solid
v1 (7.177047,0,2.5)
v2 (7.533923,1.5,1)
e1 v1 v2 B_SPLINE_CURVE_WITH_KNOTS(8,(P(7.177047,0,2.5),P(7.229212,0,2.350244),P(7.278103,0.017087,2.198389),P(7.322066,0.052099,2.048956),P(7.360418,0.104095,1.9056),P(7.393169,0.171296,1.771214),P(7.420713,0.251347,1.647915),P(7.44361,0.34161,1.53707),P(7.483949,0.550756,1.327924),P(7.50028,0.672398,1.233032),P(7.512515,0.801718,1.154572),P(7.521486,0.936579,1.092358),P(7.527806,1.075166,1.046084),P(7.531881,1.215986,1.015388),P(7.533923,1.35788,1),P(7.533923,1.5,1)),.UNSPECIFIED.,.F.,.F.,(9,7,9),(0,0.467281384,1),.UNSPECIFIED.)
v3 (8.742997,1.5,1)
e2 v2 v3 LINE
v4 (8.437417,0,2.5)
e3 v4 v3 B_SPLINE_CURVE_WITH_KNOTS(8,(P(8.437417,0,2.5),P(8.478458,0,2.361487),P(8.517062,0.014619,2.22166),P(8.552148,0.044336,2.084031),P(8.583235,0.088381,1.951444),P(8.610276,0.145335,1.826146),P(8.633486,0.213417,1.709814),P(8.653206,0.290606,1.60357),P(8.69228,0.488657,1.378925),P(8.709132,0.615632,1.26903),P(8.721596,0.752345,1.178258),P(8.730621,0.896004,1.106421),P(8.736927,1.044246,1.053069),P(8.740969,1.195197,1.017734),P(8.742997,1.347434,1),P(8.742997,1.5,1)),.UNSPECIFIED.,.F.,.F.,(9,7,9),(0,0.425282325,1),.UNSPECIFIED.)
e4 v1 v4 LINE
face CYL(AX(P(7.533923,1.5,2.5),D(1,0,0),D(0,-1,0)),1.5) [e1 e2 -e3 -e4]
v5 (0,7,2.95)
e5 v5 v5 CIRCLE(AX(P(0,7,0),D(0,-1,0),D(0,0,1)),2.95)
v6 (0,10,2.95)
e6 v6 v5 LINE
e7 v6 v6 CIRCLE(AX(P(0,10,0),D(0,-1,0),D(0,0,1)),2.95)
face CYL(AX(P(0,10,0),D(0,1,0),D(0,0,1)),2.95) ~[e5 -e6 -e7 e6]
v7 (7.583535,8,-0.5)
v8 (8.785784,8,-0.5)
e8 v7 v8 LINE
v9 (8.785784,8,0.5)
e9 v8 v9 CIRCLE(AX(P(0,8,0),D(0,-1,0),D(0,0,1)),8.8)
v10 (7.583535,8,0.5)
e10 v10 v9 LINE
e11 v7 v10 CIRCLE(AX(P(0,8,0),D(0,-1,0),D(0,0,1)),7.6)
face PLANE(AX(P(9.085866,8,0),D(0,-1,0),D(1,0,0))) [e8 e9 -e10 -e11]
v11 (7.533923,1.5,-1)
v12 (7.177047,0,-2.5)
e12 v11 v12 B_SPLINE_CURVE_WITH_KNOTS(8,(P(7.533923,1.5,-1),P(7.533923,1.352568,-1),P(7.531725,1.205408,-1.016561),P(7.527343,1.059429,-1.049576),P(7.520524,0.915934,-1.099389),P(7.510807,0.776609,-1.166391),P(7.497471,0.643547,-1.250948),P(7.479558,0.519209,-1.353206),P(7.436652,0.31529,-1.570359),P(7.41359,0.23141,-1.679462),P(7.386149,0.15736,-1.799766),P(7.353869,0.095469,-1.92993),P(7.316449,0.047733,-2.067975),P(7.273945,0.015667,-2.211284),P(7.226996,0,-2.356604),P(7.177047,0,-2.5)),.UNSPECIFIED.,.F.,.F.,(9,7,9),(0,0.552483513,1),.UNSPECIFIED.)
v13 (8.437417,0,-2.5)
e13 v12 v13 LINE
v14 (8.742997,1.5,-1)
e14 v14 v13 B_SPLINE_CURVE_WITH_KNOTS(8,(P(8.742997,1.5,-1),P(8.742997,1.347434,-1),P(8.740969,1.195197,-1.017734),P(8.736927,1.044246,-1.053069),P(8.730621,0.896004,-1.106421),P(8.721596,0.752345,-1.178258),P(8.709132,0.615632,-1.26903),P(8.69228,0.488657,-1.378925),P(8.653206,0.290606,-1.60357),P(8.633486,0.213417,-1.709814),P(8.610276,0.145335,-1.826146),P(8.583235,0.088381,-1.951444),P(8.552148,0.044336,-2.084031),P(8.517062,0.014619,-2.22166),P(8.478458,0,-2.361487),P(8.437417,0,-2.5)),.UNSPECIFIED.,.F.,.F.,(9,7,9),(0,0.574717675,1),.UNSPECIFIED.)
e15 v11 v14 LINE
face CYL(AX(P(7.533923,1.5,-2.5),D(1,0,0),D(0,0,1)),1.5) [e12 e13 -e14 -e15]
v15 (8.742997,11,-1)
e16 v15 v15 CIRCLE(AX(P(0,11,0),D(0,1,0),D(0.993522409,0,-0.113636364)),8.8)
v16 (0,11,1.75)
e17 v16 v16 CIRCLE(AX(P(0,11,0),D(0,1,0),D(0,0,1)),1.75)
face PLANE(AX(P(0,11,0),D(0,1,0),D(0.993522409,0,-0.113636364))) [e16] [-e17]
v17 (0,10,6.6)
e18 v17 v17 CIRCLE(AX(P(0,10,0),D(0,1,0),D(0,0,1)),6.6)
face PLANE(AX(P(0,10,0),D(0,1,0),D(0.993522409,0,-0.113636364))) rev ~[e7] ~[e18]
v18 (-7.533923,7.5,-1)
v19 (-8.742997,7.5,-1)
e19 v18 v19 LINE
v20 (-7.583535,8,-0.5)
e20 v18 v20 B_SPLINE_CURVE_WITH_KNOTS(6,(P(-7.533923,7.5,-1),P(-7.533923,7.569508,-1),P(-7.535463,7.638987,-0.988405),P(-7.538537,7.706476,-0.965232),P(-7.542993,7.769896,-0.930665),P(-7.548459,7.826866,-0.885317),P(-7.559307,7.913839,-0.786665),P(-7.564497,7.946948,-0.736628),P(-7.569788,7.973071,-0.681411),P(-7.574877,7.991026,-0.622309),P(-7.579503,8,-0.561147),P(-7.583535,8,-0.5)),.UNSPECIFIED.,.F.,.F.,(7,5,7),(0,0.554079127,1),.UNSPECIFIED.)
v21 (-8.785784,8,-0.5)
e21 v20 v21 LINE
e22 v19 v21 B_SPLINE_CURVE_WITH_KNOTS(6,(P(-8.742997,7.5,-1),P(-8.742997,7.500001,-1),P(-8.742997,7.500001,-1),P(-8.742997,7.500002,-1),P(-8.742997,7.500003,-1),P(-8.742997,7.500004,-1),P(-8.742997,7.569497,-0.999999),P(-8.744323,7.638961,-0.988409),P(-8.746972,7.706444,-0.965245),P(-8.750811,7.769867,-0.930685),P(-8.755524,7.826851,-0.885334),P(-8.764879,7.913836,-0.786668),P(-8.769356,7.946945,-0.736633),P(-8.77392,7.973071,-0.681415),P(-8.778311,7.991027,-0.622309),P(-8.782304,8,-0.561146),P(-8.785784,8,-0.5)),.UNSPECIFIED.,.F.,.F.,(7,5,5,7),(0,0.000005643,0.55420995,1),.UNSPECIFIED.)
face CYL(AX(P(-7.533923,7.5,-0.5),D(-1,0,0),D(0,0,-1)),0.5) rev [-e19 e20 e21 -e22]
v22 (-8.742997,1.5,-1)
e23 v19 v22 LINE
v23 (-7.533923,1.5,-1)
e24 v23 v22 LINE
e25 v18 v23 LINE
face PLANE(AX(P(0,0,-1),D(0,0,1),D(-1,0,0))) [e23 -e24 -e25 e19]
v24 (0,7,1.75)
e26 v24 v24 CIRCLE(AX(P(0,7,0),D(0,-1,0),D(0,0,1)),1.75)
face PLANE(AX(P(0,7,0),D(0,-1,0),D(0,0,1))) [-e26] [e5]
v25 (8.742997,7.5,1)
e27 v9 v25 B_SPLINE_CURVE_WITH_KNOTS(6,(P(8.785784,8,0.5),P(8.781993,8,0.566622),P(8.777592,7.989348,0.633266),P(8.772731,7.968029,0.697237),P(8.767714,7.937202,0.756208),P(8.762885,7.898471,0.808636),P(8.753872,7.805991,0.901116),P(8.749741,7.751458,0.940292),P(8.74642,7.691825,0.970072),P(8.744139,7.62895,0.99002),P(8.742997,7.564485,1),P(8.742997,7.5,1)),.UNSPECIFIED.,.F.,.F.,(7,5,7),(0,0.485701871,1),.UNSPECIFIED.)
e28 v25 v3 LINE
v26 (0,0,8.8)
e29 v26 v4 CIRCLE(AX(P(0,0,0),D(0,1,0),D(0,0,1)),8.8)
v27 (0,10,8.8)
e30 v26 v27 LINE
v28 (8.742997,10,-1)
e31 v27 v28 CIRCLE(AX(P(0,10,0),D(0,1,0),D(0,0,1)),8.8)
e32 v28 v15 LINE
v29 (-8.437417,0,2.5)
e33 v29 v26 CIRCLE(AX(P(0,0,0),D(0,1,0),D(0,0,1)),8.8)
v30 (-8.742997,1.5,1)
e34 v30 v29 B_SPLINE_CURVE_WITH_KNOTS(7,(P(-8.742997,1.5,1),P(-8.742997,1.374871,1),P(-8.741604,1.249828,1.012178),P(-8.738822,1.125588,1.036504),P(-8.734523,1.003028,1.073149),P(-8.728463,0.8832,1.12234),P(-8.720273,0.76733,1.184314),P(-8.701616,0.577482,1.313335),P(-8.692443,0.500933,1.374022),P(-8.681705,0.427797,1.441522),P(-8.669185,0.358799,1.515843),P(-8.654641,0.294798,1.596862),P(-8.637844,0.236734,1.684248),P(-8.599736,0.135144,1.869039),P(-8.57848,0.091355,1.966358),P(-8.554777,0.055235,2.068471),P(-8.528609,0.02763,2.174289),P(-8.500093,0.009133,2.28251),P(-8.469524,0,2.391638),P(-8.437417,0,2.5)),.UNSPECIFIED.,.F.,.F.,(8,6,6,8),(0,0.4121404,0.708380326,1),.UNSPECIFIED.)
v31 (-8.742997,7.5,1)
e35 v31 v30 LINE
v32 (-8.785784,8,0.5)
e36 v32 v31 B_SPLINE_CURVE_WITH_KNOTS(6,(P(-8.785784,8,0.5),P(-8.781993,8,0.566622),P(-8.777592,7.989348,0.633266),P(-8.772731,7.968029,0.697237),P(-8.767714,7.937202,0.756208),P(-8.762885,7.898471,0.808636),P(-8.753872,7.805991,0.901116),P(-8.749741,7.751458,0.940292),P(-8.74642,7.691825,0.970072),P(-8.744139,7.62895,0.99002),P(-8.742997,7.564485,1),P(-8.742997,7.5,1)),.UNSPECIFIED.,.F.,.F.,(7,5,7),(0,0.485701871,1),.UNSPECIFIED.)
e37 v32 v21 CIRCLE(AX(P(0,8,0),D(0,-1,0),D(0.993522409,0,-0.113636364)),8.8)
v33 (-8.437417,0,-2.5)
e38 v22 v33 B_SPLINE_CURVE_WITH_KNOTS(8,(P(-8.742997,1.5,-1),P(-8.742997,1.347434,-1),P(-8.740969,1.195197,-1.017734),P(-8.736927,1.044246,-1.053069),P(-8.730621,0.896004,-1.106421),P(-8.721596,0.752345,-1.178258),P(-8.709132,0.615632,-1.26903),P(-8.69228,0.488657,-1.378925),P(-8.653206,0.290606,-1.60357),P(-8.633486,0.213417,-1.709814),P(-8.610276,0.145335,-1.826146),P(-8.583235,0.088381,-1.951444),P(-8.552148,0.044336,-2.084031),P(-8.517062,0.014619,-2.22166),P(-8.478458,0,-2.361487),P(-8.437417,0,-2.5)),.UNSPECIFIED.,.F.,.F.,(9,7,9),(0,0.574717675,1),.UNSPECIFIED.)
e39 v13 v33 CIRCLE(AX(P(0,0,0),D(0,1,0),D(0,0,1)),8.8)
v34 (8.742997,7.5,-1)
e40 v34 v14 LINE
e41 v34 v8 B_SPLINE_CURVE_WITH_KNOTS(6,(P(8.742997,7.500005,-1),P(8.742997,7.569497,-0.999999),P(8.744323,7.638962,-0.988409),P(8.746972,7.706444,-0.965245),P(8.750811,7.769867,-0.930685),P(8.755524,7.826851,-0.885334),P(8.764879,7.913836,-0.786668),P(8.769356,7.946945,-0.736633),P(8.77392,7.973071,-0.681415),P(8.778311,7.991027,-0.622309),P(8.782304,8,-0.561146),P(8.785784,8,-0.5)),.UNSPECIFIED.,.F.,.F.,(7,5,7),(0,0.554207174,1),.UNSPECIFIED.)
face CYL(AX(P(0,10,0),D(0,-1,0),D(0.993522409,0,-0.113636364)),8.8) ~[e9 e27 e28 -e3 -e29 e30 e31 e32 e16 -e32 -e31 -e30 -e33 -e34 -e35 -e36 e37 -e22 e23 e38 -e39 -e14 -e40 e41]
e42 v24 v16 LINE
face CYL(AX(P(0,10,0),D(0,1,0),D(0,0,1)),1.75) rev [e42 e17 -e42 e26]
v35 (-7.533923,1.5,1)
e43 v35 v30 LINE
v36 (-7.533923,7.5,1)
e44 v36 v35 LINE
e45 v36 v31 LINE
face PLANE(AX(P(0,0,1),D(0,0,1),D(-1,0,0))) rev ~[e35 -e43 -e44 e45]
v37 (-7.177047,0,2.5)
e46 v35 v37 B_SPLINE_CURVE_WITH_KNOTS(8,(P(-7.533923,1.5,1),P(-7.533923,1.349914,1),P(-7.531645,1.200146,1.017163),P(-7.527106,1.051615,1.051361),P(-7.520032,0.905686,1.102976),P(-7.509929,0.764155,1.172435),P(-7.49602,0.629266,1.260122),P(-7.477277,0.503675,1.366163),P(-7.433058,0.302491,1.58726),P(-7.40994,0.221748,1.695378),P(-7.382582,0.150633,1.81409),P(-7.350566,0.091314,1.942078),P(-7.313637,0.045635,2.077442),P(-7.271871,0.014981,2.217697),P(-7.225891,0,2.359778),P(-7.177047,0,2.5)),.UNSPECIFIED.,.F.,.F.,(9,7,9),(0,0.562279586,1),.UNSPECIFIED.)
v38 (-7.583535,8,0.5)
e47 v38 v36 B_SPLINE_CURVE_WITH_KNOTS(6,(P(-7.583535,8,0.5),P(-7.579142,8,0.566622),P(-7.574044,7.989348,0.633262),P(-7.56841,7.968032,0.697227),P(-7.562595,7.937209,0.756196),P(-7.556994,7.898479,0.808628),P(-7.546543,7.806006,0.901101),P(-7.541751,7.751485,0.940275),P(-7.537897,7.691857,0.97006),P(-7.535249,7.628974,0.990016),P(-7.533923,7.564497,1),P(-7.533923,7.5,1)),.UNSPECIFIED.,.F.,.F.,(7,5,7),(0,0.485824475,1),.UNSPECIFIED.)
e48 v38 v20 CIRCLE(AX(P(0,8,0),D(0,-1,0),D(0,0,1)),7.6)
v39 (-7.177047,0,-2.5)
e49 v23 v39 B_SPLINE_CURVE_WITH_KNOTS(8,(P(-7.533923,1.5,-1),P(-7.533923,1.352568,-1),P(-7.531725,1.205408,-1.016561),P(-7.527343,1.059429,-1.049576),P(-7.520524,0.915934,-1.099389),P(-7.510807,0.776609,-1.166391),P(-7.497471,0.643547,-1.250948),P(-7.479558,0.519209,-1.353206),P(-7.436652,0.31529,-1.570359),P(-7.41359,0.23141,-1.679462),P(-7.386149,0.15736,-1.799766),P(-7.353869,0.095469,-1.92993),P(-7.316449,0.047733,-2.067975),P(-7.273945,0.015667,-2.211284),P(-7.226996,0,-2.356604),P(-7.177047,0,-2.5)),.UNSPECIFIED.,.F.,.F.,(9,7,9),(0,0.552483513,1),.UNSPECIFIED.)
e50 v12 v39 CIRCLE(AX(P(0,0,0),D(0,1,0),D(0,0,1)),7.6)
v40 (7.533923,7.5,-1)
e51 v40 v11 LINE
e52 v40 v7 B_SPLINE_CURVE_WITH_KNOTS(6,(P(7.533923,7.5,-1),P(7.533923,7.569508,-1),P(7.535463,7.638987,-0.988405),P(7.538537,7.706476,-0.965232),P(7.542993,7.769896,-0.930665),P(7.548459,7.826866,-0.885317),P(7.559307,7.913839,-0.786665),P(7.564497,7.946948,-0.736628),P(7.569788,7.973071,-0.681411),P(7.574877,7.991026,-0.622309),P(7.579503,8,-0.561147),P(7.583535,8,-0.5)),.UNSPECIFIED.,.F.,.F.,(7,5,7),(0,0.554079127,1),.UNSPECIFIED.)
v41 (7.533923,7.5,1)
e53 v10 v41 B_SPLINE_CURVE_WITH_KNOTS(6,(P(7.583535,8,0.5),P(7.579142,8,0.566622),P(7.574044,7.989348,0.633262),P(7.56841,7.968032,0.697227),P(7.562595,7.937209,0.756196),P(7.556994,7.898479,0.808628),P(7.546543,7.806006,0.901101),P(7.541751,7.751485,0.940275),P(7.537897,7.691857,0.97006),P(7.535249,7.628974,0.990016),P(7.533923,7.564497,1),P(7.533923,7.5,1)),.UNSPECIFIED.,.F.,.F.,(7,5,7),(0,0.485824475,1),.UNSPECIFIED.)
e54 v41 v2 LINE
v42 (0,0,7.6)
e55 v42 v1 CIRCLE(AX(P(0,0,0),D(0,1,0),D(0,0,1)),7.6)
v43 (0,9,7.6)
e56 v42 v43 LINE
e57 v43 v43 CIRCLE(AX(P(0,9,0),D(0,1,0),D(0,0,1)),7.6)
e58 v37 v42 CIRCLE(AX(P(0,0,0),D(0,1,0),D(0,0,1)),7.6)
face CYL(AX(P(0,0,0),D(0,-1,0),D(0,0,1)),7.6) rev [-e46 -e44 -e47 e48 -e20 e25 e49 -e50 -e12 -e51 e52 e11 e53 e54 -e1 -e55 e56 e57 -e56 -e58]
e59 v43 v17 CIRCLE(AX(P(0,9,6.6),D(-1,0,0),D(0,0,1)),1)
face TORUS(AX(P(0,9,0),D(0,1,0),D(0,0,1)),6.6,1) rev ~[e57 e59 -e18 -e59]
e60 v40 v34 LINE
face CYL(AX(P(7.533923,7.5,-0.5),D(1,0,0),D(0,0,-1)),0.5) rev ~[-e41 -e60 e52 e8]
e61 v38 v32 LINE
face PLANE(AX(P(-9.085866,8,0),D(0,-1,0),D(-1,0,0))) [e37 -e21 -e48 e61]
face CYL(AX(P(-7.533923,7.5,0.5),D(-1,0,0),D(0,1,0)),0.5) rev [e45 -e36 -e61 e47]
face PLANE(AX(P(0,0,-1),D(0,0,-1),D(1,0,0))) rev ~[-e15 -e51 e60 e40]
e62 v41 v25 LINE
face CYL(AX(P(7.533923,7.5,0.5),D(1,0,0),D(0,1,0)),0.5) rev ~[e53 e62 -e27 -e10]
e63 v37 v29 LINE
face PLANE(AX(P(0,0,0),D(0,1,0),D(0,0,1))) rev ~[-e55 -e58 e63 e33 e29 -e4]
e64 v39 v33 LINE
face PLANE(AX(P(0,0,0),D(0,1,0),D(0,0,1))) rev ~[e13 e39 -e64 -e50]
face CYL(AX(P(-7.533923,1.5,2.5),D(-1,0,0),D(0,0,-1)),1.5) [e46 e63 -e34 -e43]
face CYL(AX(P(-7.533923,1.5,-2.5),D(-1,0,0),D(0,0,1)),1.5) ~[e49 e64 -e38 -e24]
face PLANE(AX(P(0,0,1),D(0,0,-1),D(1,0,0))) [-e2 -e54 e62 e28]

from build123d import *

# Parameters (mm, degrees)
SKETCH1_R                = 8.8
SKETCH1_R_2              = 7.6
BOSS_EXTRUDE1_DEPTH      = 10
SKETCH2_W                = 18.171732103
SKETCH2_H                = 2
CUT_EXTRUDE1_DEPTH       = 8
SKETCH3_R                = 8.8
BOSS_EXTRUDE2_DEPTH      = 1
SKETCH4_R                = 1.75
CUT_EXTRUDE2_DEPTH       = 17.609635758
FILLET1_R                = 0.5
FILLET3_R                = 1.5
CIRPATTERN1_COUNT        = 2
FILLET1_OF_CIRPATTERN1_R = 0.5
FILLET3_OF_CIRPATTERN1_R = 1.5
SKETCH5_R                = 2.95
SKETCH5_R_2              = 1.75
BOSS_EXTRUDE3_DEPTH      = 3
FILLET6_R                = 1


with BuildPart() as part:
    # Sketch1 → Boss-Extrude1 (new body)
    with BuildSketch(Plane(origin=(0, 0, 0), x_dir=(1, 0, 0), z_dir=(0, 1, 0))):
        with Locations(Location((0, 0, 0), (0, 0, 270))):
            Circle(SKETCH1_R)
        with Locations(Location((0, 0, 0), (0, 0, 270))):
            Circle(SKETCH1_R_2, mode=Mode.SUBTRACT)
    extrude(amount=BOSS_EXTRUDE1_DEPTH)

    # Sketch2 → Cut-Extrude1 (cut)
    with BuildSketch(Plane.XZ):
        with Locations((9.085866052, 0)):
            Rectangle(SKETCH2_W, SKETCH2_H)
    cut_extrude1 = extrude(amount=-CUT_EXTRUDE1_DEPTH, mode=Mode.SUBTRACT)

    # Sketch3 → Boss-Extrude2 (add)
    with BuildSketch(Plane(origin=(0, 10, 0), x_dir=(1, 0, 0), z_dir=(0, 1, 0))):
        with Locations(Location((0, 0, 0), (0, 0, 6.524978844))):
            Circle(SKETCH3_R)
    extrude(amount=BOSS_EXTRUDE2_DEPTH)

    # Sketch4 → Cut-Extrude2 (cut, through all)
    with BuildSketch(Plane(origin=(0, 11, 0), x_dir=(1, 0, 0), z_dir=(0, 1, 0))):
        with Locations(Location((0, 0, 0), (0, 0, 270))):
            Circle(SKETCH4_R)
    extrude(amount=-CUT_EXTRUDE2_DEPTH, mode=Mode.SUBTRACT)

    # Fillet1
    fillet1_edges = [part.edges().sort_by_distance(p)[0] for p in [
        (8.138460239, 8, -1),
        (8.138460239, 8, 1),
    ]]
    fillet(fillet1_edges, radius=FILLET1_R)

    # Fillet3
    fillet3_edges = [part.edges().sort_by_distance(p)[0] for p in [
        (8.138460239, 0, 1),
        (8.138460239, 0, -1),
    ]]
    fillet(fillet3_edges, radius=FILLET3_R)

    # CirPattern1: Cut-Extrude1 ×2 about axis
    cirpattern1_axis = Axis((0, 0, 0), (0, -1, 0))
    for i in range(1, CIRPATTERN1_COUNT):
        add(cut_extrude1.rotate(cirpattern1_axis, i * 360 / CIRPATTERN1_COUNT), mode=Mode.SUBTRACT)

    # Fillet1 of CirPattern1
    fillet1_of_cirpattern1_edges = [part.edges().sort_by_distance(p)[0] for p in [
        (-8.138460239, 8, 1),
        (-8.138460239, 8, -1),
    ]]
    fillet(fillet1_of_cirpattern1_edges, radius=FILLET1_OF_CIRPATTERN1_R)

    # Fillet3 of CirPattern1
    fillet3_of_cirpattern1_edges = [part.edges().sort_by_distance(p)[0] for p in [
        (-8.138460239, 0, -1),
        (-8.138460239, 0, 1),
    ]]
    fillet(fillet3_of_cirpattern1_edges, radius=FILLET3_OF_CIRPATTERN1_R)

    # Sketch5 → Boss-Extrude3 (add)
    with BuildSketch(Plane.XZ.offset(-10)):
        with Locations(Location((0, 0, 0), (0, 0, 90))):
            Circle(SKETCH5_R)
        with Locations(Location((0, 0, 0), (0, 0, 90))):
            Circle(SKETCH5_R_2, mode=Mode.SUBTRACT)
    extrude(amount=BOSS_EXTRUDE3_DEPTH)

    # Fillet6
    fillet6_edges = [part.edges().sort_by_distance(p)[0] for p in [
        (0, 10, -7.6),
    ]]
    fillet(fillet6_edges, radius=FILLET6_R)


solid = part.part
